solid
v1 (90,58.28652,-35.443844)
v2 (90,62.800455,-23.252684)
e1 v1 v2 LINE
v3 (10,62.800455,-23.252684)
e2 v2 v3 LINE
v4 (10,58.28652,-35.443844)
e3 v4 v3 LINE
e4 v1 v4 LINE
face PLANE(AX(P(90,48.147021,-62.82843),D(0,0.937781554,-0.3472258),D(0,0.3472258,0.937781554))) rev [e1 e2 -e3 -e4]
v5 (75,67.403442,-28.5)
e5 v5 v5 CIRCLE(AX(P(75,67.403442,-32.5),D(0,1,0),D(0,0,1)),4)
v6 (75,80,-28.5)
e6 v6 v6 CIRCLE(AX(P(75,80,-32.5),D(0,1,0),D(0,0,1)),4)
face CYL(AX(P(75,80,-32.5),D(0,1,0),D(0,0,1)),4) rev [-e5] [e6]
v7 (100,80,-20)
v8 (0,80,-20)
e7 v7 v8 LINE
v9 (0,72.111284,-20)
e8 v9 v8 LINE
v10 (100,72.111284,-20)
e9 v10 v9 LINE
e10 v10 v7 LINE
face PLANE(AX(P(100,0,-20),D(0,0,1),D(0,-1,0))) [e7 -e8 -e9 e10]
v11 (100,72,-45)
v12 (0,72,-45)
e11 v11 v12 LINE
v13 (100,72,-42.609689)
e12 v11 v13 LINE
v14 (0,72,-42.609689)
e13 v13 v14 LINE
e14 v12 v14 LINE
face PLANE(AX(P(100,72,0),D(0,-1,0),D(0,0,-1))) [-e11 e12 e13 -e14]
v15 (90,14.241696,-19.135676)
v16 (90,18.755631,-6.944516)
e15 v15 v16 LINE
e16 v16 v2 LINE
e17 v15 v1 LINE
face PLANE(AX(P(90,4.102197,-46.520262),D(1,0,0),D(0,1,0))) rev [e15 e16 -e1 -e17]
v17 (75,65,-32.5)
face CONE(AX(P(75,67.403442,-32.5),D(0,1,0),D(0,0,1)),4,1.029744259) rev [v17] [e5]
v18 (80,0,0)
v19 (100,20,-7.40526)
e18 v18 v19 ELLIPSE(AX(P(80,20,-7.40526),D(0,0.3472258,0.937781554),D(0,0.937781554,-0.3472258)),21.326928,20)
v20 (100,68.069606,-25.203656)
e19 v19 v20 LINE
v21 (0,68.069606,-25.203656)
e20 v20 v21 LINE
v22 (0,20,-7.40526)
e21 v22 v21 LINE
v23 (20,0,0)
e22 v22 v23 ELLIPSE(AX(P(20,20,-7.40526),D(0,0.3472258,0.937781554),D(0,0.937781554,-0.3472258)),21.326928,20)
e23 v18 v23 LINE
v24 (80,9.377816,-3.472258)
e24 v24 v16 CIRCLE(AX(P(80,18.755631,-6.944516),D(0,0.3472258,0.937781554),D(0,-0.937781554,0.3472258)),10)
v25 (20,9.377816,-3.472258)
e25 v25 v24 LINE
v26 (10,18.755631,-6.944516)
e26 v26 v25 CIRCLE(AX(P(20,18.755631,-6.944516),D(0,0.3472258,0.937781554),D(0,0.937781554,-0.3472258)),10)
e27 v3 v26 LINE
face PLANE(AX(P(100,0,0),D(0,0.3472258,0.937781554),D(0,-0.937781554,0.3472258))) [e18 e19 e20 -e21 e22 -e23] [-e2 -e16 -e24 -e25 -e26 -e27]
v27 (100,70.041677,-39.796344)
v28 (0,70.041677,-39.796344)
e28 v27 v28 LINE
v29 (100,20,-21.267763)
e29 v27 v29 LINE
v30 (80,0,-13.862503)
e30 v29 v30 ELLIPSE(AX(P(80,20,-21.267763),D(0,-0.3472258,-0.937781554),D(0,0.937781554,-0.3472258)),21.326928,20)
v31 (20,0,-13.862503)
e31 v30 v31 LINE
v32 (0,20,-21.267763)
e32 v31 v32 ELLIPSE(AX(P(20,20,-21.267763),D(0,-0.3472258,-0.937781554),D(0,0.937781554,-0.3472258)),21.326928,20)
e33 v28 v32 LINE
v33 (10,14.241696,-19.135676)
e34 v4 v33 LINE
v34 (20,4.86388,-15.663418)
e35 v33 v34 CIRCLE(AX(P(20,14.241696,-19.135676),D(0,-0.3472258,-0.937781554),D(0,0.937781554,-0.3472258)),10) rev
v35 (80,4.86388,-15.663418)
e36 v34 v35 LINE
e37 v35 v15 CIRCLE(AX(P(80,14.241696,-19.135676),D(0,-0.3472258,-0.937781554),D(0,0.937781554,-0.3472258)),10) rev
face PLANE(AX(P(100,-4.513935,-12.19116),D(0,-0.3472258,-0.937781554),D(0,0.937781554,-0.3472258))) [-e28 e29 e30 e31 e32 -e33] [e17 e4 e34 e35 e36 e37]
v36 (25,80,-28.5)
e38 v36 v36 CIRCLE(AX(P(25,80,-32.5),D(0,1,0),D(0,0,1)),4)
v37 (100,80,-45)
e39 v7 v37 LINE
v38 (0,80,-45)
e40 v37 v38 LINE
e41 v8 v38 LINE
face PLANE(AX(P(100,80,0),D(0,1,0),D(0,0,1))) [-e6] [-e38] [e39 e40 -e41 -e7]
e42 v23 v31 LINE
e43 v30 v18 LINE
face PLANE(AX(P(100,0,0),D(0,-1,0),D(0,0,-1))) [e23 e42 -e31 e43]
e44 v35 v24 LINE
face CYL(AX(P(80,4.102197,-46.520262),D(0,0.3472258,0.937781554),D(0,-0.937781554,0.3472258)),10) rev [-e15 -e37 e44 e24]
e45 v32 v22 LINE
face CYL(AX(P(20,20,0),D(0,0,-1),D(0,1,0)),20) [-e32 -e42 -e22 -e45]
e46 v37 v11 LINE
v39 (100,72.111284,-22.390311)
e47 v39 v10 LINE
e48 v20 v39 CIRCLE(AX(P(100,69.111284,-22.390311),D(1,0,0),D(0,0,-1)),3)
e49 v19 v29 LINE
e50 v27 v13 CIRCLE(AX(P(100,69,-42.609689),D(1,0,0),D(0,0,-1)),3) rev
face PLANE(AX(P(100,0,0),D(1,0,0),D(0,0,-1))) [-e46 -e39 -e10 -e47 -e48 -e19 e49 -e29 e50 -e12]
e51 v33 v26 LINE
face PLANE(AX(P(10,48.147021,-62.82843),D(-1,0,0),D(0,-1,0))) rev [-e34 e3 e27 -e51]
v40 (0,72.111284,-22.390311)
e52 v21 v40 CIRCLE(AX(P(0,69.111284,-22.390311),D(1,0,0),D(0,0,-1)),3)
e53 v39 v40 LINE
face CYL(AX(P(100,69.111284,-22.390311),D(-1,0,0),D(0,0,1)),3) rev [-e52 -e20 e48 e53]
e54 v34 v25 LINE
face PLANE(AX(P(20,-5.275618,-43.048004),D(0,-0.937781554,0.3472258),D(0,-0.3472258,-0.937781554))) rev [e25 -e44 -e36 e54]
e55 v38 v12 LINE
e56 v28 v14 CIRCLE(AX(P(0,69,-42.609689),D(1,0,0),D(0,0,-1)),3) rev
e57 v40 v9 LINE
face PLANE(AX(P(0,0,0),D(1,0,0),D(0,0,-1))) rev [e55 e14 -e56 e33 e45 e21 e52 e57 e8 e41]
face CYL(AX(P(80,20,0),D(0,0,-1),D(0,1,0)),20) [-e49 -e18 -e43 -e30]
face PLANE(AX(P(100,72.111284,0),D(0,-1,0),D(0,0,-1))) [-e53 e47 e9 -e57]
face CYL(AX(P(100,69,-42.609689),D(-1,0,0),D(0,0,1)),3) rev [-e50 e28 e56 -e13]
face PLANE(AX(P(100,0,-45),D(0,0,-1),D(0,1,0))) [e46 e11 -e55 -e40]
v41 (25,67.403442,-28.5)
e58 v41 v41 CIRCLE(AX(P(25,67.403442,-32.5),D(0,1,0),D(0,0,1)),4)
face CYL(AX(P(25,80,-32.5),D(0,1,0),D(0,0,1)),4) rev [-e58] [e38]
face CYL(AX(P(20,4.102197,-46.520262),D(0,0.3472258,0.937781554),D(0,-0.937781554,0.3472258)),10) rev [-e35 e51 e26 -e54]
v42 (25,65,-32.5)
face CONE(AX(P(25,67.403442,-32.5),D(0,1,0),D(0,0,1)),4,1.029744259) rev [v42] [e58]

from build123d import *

# Parameters (mm, degrees)
BOSS_EXTRUDE1_DEPTH       = 100
FILLET1_R                 = 20
FILLET2_R                 = 20
CUT_EXTRUDE1_DEPTH        = 13
F_1_0MM_DOWEL_HOLE1_D     = 8
F_1_0MM_DOWEL_HOLE1_DEPTH = 12.596557524
F_1_0MM_DOWEL_HOLE1_TIP   = 2.403442476


with BuildPart() as part:
    # Sketch3 → Boss-Extrude1 (new body)
    with BuildSketch(Plane(origin=(0, 0, 0), x_dir=(0, 0, -1), z_dir=(1, 0, 0))):
        Polygon((24.06709422, 65), (0, 0), (13.862503416, 0), (37.929597637, 65), align=None)
        with BuildLine():
            Line((25.203655824, 68.069606309), (24.06709422, 65))
            Line((24.06709422, 65), (37.929597637, 65))
            Line((37.929597637, 65), (39.796344176, 70.041677401))
            ThreePointArc((39.796344176, 70.041677401), (40.895779886, 71.46221772), (42.609688839, 72))
            Line((42.609688839, 72), (45, 72))
            Line((45, 72), (45, 80))
            Line((45, 80), (20, 80))
            Line((20, 80), (20, 72.11128371))
            Line((20, 72.11128371), (22.390311161, 72.11128371))
            ThreePointArc((22.390311161, 72.11128371), (24.852528882, 70.825192663), (25.203655824, 68.069606309))
        make_face()
    extrude(amount=BOSS_EXTRUDE1_DEPTH)

    # Fillet1
    fillet1_edges = [part.edges().sort_by_distance(p)[0] for p in [
        (100, 0, -6.931251708),
    ]]
    fillet(fillet1_edges, radius=FILLET1_R)

    # Fillet2
    fillet2_edges = [part.edges().sort_by_distance(p)[0] for p in [
        (0, 0, -6.931251708),
    ]]
    fillet(fillet2_edges, radius=FILLET2_R)

    # Sketch4 → Cut-Extrude1 (cut)
    with BuildSketch(Plane(origin=(0, 0, 0), x_dir=(1, 0, 0), z_dir=(0, 0.34722580038254636, 0.9377815542804733))):
        with BuildLine():
            Line((10, 66.96704035), (10, 20))
            ThreePointArc((10, 20), (12.928932188, 12.928932188), (20, 10))
            Line((20, 10), (80, 10))
            ThreePointArc((80, 10), (87.071067812, 12.928932188), (90, 20))
            Line((90, 20), (90, 66.96704035))
            Line((90, 66.96704035), (10, 66.96704035))
        make_face()
    extrude(amount=-CUT_EXTRUDE1_DEPTH, mode=Mode.SUBTRACT)

    # Ø1.0mm Dowel Hole1
    with Locations(Plane(origin=(0, 80, 0), x_dir=(1, 0, 0), z_dir=(0, 1, 0))):
        with Locations((25, 32.5), (75, 32.5)):
            Hole(F_1_0MM_DOWEL_HOLE1_D / 2, depth=F_1_0MM_DOWEL_HOLE1_DEPTH)
            with Locations((0, 0, -(F_1_0MM_DOWEL_HOLE1_DEPTH + F_1_0MM_DOWEL_HOLE1_TIP / 2))):  # 118° drill point
                Cone(0, F_1_0MM_DOWEL_HOLE1_D / 2, F_1_0MM_DOWEL_HOLE1_TIP, mode=Mode.SUBTRACT)


solid = part.part
